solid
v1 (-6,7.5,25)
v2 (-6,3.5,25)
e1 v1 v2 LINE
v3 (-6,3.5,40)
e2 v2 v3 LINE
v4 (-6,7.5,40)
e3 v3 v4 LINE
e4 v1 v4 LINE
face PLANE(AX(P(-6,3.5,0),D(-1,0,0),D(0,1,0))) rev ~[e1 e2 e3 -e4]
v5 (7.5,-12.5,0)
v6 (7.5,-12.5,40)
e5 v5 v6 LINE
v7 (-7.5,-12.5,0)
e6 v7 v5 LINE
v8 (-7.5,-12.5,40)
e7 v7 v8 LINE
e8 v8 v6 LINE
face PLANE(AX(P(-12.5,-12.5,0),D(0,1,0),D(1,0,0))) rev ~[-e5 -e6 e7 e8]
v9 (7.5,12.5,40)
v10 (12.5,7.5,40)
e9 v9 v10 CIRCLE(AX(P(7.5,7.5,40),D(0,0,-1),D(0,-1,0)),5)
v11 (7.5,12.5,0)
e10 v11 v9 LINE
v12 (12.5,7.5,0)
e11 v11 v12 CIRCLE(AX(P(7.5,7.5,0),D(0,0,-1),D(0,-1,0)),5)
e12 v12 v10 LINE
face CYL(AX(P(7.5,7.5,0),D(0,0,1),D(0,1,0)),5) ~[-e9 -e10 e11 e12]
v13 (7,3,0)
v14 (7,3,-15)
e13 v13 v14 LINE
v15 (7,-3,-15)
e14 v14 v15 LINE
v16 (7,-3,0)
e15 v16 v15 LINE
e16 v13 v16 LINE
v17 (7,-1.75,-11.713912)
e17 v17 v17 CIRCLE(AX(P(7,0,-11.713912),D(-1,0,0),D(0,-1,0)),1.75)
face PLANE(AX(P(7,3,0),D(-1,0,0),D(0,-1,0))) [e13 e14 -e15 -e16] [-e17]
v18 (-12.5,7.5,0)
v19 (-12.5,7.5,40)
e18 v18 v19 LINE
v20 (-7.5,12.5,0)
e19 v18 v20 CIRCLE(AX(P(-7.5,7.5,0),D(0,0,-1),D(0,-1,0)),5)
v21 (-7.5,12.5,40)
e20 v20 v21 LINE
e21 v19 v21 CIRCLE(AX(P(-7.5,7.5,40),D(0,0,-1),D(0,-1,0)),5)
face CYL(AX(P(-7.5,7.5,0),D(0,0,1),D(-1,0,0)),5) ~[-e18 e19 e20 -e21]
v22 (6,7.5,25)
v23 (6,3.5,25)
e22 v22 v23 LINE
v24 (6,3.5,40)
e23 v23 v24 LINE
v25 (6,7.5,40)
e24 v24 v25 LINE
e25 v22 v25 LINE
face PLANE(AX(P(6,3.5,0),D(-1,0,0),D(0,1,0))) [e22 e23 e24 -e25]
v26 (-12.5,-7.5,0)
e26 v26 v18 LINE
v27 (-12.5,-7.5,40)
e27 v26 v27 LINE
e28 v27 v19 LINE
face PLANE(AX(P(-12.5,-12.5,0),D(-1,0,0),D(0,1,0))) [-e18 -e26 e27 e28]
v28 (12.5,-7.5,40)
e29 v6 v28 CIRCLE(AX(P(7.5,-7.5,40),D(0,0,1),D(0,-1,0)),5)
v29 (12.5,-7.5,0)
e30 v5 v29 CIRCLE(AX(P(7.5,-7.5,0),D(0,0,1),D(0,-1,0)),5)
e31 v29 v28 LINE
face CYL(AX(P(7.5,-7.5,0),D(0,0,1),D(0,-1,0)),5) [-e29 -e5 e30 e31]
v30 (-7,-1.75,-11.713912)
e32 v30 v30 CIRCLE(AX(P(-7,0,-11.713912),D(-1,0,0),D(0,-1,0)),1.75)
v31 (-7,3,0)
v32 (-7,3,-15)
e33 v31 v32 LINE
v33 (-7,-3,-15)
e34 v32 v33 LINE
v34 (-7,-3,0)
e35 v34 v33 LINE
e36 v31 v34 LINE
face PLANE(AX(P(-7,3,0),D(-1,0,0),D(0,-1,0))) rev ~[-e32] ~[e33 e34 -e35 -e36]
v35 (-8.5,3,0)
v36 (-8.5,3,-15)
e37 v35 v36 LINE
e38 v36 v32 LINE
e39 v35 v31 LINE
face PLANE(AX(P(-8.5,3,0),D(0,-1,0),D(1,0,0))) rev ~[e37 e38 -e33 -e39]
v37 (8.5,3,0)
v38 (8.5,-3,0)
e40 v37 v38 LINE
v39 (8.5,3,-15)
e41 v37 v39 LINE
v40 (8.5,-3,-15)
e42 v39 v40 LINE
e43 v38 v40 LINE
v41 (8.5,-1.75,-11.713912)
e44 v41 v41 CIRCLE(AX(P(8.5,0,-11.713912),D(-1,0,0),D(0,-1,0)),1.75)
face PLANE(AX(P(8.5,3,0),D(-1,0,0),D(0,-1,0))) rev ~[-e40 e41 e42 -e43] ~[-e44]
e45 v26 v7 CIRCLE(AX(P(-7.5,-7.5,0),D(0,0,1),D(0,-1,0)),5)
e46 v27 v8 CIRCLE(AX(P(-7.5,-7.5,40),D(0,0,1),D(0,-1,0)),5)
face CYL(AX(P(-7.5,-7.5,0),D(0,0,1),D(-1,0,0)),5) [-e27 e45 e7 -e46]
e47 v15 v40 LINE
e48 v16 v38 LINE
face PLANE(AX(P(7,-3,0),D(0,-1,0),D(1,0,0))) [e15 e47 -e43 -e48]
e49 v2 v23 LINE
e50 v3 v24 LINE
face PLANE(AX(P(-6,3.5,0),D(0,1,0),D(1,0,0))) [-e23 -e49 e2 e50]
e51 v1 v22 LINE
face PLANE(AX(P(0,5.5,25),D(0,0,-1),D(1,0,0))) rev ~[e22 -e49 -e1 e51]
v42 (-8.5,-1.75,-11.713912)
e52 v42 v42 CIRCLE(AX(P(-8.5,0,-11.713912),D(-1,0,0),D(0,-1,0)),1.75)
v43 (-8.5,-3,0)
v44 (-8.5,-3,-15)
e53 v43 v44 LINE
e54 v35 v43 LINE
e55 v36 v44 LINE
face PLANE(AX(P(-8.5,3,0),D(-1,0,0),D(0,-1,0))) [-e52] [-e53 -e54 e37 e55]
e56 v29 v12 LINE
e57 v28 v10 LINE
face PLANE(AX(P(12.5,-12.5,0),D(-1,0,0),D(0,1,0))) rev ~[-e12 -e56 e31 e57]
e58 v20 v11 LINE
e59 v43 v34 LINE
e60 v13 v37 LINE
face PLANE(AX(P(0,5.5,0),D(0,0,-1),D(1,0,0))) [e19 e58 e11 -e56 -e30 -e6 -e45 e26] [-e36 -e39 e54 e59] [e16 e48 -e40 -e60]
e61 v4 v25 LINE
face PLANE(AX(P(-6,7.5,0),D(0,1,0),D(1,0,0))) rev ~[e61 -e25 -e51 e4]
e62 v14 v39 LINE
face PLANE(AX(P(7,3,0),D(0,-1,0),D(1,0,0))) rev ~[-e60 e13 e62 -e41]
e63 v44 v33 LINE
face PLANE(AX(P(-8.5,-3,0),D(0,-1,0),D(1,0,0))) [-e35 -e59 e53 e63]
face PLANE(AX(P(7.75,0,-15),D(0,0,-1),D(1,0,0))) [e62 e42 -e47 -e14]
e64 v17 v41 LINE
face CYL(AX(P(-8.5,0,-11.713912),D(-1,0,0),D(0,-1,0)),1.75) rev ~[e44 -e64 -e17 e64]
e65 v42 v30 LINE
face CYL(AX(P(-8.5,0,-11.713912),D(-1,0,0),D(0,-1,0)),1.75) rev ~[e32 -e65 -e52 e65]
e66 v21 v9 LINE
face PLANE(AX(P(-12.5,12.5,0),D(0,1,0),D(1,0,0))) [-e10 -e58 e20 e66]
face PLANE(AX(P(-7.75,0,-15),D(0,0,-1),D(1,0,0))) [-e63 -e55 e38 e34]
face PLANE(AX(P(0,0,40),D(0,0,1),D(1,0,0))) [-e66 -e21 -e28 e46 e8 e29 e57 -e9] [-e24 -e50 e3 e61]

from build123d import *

# Parameters (mm, degrees)
F0_W     = 25
F0_H     = 25
F0_W_2   = 12
F0_H_2   = 4
F1_DEPTH = 40
F2_W     = 1.5
F2_H     = 6
F3_DEPTH = 15
F4_R     = 1.75
F5_DEPTH = 25
F6_W     = 12
F6_H     = 4
F7_DEPTH = 25
F8_R     = 5


with BuildPart() as f1:
    # F0 (on Top) → F1 (new body)
    with BuildSketch(Plane.XY):
        Rectangle(F0_W, F0_H)
        with Locations((0, 5.5)):
            Rectangle(F0_W_2, F0_H_2, mode=Mode.SUBTRACT)
    extrude(amount=F1_DEPTH)

    # F2 (on face) → F3 (join)
    with BuildSketch(Plane(origin=(0, 0, 0), x_dir=(1, 0, 0), z_dir=(0, 0, -1))):
        with Locations((-7.75, 0)):
            Rectangle(F2_W, F2_H)
        with Locations((7.75, 0)):
            Rectangle(F2_W, F2_H)
    extrude(amount=F3_DEPTH)

    # F4 (on face) → F5 (cut)
    with BuildSketch(Plane(origin=(-8.5, 0, 0), x_dir=(0, -1, 0), z_dir=(-1, 0, 0))):
        with Locations((0, -11.713912)):
            Circle(F4_R)
    extrude(amount=-F5_DEPTH, mode=Mode.SUBTRACT)

    # F6 (on face) → F7 (join)
    with BuildSketch(Plane(origin=(0, 0, 0), x_dir=(1, 0, 0), z_dir=(0, 0, -1))):
        with Locations((0, -5.5)):
            Rectangle(F6_W, F6_H)
    extrude(amount=-F7_DEPTH)

    # F8
    f8_edges = [f1.edges().sort_by_distance(p)[0] for p in [
        (12.5, 12.5, 20),
        (-12.5, 12.5, 20),
        (12.5, -12.5, 20),
        (-12.5, -12.5, 20),
    ]]
    fillet(f8_edges, radius=F8_R)


solid = f1.part
